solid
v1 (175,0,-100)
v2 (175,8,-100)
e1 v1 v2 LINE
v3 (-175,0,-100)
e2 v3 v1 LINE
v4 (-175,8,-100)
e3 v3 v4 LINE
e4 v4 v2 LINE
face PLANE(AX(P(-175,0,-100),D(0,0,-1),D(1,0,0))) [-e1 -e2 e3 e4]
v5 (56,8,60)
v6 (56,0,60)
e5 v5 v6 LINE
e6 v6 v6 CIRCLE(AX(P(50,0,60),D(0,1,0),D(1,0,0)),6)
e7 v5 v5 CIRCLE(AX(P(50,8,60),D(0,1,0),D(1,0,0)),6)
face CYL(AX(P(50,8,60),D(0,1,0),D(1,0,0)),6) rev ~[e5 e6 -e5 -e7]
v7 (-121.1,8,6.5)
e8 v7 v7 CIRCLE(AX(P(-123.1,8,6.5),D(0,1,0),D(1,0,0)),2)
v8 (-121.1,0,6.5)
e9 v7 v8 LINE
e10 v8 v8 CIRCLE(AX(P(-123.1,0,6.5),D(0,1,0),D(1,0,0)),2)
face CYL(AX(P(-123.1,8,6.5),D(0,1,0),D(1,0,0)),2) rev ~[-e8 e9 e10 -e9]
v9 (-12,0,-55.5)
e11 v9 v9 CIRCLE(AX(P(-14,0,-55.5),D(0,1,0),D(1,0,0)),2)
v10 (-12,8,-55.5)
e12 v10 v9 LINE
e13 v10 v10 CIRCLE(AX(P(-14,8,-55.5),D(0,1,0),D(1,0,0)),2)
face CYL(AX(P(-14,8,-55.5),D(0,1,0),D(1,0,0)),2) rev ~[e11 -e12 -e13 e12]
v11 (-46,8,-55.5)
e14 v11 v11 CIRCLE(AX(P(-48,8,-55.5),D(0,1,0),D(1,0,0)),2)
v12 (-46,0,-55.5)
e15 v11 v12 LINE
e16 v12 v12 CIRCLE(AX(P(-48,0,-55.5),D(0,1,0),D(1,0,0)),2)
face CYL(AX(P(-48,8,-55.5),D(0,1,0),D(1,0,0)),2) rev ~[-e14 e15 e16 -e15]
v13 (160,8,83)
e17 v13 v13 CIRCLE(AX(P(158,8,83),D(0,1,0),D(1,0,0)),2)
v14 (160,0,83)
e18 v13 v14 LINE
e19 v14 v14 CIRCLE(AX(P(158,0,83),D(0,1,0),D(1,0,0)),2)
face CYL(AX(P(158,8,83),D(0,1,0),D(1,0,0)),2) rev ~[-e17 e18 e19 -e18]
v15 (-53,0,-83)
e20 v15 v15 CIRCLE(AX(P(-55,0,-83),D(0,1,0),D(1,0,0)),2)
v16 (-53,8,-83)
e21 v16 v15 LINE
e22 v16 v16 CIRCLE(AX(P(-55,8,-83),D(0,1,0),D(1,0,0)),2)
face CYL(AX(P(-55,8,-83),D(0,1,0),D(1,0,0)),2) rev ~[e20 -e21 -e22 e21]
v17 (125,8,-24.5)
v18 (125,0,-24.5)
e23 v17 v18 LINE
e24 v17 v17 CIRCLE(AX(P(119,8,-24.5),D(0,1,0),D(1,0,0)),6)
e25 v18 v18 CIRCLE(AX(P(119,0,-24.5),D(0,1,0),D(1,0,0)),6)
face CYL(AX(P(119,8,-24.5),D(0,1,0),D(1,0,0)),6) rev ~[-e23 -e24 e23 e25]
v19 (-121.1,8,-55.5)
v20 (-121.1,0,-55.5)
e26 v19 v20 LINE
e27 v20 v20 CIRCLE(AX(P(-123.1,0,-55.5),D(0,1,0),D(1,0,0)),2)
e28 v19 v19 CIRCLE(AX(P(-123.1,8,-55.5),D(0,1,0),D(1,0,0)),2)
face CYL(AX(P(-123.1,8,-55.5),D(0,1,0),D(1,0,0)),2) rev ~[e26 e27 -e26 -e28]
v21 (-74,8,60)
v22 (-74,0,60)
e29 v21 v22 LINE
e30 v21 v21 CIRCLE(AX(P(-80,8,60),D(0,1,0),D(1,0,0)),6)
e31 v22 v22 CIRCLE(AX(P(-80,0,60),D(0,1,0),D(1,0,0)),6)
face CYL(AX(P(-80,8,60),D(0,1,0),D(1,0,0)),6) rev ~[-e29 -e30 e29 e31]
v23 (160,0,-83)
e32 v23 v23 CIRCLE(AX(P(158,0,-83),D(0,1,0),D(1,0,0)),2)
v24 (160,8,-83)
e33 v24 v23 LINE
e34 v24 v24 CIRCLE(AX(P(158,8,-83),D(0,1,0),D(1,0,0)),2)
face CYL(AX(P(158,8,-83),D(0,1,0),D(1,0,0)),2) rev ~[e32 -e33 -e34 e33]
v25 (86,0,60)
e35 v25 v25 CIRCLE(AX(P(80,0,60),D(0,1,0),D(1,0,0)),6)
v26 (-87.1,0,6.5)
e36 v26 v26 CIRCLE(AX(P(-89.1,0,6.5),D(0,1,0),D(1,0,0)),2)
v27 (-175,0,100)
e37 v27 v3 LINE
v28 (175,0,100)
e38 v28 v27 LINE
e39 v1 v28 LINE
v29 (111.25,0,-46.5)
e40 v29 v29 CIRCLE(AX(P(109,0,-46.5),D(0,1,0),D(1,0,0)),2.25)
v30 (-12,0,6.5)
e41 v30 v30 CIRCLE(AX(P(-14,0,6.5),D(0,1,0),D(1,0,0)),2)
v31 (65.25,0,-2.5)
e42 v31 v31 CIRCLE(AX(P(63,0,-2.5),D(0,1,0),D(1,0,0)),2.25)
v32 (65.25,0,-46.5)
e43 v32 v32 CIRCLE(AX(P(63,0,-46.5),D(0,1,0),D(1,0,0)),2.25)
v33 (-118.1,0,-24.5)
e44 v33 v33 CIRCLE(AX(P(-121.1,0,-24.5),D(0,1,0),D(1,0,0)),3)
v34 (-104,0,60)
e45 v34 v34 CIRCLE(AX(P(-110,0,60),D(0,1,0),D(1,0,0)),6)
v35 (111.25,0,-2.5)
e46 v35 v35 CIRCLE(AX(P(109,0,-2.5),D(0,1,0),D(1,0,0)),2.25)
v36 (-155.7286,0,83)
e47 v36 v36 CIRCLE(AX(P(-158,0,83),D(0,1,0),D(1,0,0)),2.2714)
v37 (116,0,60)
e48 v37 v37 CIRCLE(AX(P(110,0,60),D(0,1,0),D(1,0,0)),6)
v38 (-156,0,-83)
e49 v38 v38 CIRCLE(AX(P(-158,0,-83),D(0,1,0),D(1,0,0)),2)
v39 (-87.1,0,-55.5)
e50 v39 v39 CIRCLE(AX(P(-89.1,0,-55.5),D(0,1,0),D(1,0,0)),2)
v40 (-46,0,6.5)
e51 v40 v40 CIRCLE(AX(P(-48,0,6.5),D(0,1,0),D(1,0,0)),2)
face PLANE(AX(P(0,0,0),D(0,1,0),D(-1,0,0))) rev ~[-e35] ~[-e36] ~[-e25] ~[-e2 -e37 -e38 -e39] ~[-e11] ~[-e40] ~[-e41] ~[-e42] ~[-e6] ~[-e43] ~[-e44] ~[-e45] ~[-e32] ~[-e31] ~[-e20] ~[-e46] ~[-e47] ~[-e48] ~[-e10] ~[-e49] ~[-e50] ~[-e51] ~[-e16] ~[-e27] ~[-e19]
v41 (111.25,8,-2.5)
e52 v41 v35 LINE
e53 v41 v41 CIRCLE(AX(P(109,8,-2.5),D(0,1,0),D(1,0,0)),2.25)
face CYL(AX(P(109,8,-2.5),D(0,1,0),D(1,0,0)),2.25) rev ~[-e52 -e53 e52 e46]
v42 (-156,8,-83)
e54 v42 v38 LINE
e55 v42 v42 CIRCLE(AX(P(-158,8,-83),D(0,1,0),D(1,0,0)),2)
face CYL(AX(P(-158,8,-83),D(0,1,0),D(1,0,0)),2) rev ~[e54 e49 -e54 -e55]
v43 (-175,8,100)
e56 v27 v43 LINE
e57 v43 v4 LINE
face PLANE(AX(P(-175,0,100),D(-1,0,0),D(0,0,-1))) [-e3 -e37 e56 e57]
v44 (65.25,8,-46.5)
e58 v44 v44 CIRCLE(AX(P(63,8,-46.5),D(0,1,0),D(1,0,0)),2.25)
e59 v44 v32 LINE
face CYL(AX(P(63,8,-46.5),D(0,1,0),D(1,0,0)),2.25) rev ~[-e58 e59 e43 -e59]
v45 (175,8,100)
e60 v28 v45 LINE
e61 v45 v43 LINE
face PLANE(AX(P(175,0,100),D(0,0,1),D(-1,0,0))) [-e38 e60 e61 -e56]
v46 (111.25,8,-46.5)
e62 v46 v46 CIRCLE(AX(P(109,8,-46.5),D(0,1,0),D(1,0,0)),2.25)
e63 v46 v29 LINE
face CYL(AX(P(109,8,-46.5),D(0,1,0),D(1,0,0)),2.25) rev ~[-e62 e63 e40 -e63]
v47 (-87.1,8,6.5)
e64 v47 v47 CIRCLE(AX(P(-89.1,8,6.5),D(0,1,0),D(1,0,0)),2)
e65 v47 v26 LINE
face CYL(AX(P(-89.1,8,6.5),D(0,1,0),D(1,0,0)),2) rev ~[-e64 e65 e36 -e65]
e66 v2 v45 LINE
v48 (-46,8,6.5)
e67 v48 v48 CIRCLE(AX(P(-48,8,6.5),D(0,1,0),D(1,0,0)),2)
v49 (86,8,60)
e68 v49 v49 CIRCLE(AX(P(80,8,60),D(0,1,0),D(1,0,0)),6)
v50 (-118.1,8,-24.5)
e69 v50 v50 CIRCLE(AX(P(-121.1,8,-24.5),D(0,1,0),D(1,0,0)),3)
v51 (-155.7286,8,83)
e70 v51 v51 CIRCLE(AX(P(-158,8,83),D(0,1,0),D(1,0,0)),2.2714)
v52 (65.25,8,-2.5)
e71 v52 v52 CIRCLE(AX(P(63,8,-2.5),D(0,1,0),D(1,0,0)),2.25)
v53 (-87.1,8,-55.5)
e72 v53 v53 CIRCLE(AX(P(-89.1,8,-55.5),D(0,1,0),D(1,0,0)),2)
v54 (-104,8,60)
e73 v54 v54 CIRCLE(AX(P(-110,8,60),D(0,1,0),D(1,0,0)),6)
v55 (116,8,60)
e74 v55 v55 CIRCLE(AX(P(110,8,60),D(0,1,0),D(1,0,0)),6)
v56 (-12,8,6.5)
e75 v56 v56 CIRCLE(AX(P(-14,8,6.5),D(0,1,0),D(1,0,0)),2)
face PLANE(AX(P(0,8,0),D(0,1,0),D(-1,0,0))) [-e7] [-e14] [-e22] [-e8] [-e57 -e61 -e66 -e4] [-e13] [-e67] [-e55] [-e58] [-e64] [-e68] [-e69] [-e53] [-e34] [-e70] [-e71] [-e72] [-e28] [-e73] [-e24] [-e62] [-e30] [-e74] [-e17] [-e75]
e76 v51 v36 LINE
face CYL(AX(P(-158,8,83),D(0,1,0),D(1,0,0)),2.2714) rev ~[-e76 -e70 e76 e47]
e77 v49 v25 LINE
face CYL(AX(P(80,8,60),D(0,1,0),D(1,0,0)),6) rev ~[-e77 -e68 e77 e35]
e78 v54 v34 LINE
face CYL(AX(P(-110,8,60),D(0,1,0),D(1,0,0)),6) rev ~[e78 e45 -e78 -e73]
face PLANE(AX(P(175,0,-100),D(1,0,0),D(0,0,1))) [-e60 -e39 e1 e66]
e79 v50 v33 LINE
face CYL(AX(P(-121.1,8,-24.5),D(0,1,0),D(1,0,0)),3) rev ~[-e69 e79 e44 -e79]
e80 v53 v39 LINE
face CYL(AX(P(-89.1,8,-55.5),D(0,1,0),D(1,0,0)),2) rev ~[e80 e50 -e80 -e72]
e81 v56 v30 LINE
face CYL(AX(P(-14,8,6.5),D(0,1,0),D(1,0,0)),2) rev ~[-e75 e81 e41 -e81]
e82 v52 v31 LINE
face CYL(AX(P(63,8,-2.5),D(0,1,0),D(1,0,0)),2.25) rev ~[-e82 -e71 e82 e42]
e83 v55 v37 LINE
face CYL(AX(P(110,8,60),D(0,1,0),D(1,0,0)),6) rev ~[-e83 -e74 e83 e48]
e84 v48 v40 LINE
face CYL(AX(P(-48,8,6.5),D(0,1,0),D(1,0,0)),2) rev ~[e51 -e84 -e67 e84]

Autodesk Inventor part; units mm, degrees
ref_plane "YZ Plane" through (0, 0, 0) normal (1, 0, 0) x (0, 1, 0)
ref_plane "XZ Plane" through (0, 0, 0) normal (0, 1, 0) x (-1, 0, 0)
ref_plane "XY Plane" through (0, 0, 0) normal (0, 0, 1) x (1, 0, 0)
sketch "Esquisse1" plane through (0, 0, 0) normal (0, 1, 0) x (-1, 0, 0)
  line L0 (-175, 100) -> (175, 100)
  line L1 (175, 100) -> (175, -100)
  line L2 (175, -100) -> (-175, -100)
  line L3 (-175, -100) -> (-175, 100)
  point P0 (0, 0)
  dimension "d0" = 350
  dimension "d1" = 200
  dimension "d93" = 175
  dimension "d94" = 100
extrude "Extrusion1" add sketch "Esquisse1" along normal blind 8
sketch "Esquisse2" plane through (0, 8, 0) normal (0, 1, 0) x (1, 0, 0)
  line L0 (175, -100) -> (175, 100) projected
  circle A0 centre (109, 46.5) radius 2.25
  circle A1 centre (63, 46.5) radius 2.25
  circle A2 centre (109, 2.5) radius 2.25
  circle A3 centre (63, 2.5) radius 2.25
  line L1 (-175, -100) -> (175, -100) projected
  point P0 (0, 0)
  dimension "d4" = 4.5
  dimension "d5" = 4.5
  dimension "d6" = 4.5
  dimension "d7" = 4.5
  dimension "d14" = 66
  dimension "d15" = 66
  dimension "d46" = 112
  dimension "d47" = 112
  dimension "d48" = 146.5
  dimension "d49" = 146.5
  dimension "d50" = 102.5
  dimension "d51" = 102.5
extrude "Extrusion2" cut sketch "Esquisse2" against normal through all
sketch "Esquisse3" plane through (0, 8, 0) normal (0, 1, 0) x (1, 0, 0)
  circle A0 centre (63, 46.5) radius 2.25 projected
  circle A1 centre (63, 2.5) radius 2.25 projected
  line L0 (175, 100) -> (-175, 100) projected
  circle A2 centre (-14, 55.5) radius 2
  circle A3 centre (-48, 55.5) radius 2
  circle A4 centre (-89.1, 55.5) radius 2
  circle A5 centre (-123.1, 55.5) radius 2
  circle A6 centre (-123.1, -6.5) radius 2
  circle A7 centre (-89.1, -6.5) radius 2
  circle A8 centre (-48, -6.5) radius 2
  circle A9 centre (-14, -6.5) radius 2
  point P0 (0, 0)
  dimension "d18" = 4
  dimension "d19" = 4
  dimension "d20" = 4
  dimension "d21" = 4
  dimension "d22" = 4
  dimension "d23" = 4
  dimension "d24" = 4
  dimension "d25" = 4
  dimension "d26" = 62
  dimension "d27" = 62
  dimension "d28" = 62
  dimension "d29" = 62
  dimension "d30" = 34
  dimension "d31" = 34
  dimension "d32" = 34
  dimension "d33" = 34
  dimension "d34" = 41.1
  dimension "d35" = 41.1
  dimension "d36" = 77
  dimension "d37" = 77
  dimension "d38" = 53.5
  dimension "d39" = 44
  dimension "d40" = 44.5
  dimension "d41" = 44.5
  dimension "d42" = 44.5
  dimension "d43" = 44.5
extrude "Extrusion3" cut sketch "Esquisse3" against normal through all contours A2 | A3 | A4 | A5 | A6 | A7 | A8 | A9
sketch "Esquisse4" plane through (0, 8, 0) normal (0, 1, 0) x (1, 0, 0)
  circle A0 centre (-121.1, 24.5) radius 3
  circle A1 centre (119, 24.5) radius 6
  circle A2 centre (158, -83) radius 2
  circle A3 centre (158, 83) radius 2
  circle A4 centre (-158, 83) radius 2
  circle A5 centre (-158, -83) radius 2.2714
  circle A6 centre (-110, -60) radius 6
  circle A7 centre (-80, -60) radius 6
  circle A8 centre (50, -60) radius 6
  circle A9 centre (80, -60) radius 6
  circle A10 centre (110, -60) radius 6
  circle A11 centre (-55, 83) radius 2
  line L0 (175, -100) -> (175, 100) projected
  line L1 (-175, 100) -> (-175, -100) projected
  line L2 (175, 100) -> (-175, 100) projected
  line L3 (-175, -100) -> (175, -100) projected
  circle A12 centre (-123.1, 55.5) radius 2 projected
  circle A13 centre (-123.1, -6.5) radius 2 projected
  circle A14 centre (109, 2.5) radius 2.25 projected
  circle A15 centre (109, 46.5) radius 2.25 projected
  point P0 (0, 0)
  dimension "d52" = 4
  dimension "d53" = 4.5428
  dimension "d54" = 4
  dimension "d56" = 4
  dimension "d57" = 6
  dimension "d58" = 12
  dimension "d59" = 17
  dimension "d60" = 17
  dimension "d61" = 17
  dimension "d62" = 17
  dimension "d63" = 17
  dimension "d64" = 17
  dimension "d65" = 17
  dimension "d66" = 4
  dimension "d67" = 17
  dimension "d68" = 2
  dimension "d69" = 31
  dimension "d70" = 62
  dimension "d71" = 17
  dimension "d72" = 120
  dimension "d73" = 44
  dimension "d74" = 22
  dimension "d75" = 10
  dimension "d76" = 30
  dimension "d77" = 12
  dimension "d78" = 12
  dimension "d79" = 12
  dimension "d80" = 12
  dimension "d81" = 12
  dimension "d82" = 30
  dimension "d83" = 30
  dimension "d84" = 40
  dimension "d85" = 40
  dimension "d86" = 40
  dimension "d87" = 65
  dimension "d88" = 40
  dimension "d89" = 40
  dimension "d90" = 130
extrude "Extrusion4" cut sketch "Esquisse4" against normal blind 10 contours A0 | A1 | A2 | A3 | A4 | A5 | A6 | A7 | A8 | A9 | A10 | A11
equation "\"d93\" = 0.5 * d0"
equation "\"d94\" = 0.5 * d1"
equation "\"d5\" = d4"
equation "\"d6\" = d4"
equation "\"d7\" = d4"
equation "\"d15\" = d14"
equation "\"d46\" = d47"
equation "\"d49\" = d48"
equation "\"d51\" = d50"
equation "\"d19\" = d18"
equation "\"d20\" = d18"
equation "\"d21\" = d18"
equation "\"d22\" = d18"
equation "\"d23\" = d18"
equation "\"d24\" = d18"
equation "\"d25\" = d18"
equation "\"d27\" = d26"
equation "\"d28\" = d26"
equation "\"d29\" = d26"
equation "\"d31\" = d30"
equation "\"d33\" = d32"
equation "\"d35\" = d34"
equation "\"d37\" = d36"
equation "\"d40\" = d38 + 0.5 * d39 - 0.5 * d26"
equation "\"d41\" = d40"
equation "\"d42\" = d40"
equation "\"d43\" = d40"
equation "\"d54\" = d52"
equation "\"d56\" = d52"
equation "\"d60\" = d59"
equation "\"d61\" = d59"
equation "\"d62\" = d59"
equation "\"d63\" = d59"
equation "\"d64\" = d59"
equation "\"d65\" = d59"
equation "\"d66\" = d52"
equation "\"d67\" = d59"
equation "\"d69\" = 0.5 * d70"
equation "\"d71\" = d59"
equation "\"d74\" = 0.5 * d73"
equation "\"d78\" = d77"
equation "\"d79\" = d77"
equation "\"d80\" = d77"
equation "\"d81\" = d77"
equation "\"d82\" = d76"
equation "\"d83\" = d76"
equation "\"d85\" = d84"
equation "\"d86\" = d85"
equation "\"d88\" = d84"
equation "\"d89\" = d85"
properties part number "Base2" material "PVC, non plastifié"
